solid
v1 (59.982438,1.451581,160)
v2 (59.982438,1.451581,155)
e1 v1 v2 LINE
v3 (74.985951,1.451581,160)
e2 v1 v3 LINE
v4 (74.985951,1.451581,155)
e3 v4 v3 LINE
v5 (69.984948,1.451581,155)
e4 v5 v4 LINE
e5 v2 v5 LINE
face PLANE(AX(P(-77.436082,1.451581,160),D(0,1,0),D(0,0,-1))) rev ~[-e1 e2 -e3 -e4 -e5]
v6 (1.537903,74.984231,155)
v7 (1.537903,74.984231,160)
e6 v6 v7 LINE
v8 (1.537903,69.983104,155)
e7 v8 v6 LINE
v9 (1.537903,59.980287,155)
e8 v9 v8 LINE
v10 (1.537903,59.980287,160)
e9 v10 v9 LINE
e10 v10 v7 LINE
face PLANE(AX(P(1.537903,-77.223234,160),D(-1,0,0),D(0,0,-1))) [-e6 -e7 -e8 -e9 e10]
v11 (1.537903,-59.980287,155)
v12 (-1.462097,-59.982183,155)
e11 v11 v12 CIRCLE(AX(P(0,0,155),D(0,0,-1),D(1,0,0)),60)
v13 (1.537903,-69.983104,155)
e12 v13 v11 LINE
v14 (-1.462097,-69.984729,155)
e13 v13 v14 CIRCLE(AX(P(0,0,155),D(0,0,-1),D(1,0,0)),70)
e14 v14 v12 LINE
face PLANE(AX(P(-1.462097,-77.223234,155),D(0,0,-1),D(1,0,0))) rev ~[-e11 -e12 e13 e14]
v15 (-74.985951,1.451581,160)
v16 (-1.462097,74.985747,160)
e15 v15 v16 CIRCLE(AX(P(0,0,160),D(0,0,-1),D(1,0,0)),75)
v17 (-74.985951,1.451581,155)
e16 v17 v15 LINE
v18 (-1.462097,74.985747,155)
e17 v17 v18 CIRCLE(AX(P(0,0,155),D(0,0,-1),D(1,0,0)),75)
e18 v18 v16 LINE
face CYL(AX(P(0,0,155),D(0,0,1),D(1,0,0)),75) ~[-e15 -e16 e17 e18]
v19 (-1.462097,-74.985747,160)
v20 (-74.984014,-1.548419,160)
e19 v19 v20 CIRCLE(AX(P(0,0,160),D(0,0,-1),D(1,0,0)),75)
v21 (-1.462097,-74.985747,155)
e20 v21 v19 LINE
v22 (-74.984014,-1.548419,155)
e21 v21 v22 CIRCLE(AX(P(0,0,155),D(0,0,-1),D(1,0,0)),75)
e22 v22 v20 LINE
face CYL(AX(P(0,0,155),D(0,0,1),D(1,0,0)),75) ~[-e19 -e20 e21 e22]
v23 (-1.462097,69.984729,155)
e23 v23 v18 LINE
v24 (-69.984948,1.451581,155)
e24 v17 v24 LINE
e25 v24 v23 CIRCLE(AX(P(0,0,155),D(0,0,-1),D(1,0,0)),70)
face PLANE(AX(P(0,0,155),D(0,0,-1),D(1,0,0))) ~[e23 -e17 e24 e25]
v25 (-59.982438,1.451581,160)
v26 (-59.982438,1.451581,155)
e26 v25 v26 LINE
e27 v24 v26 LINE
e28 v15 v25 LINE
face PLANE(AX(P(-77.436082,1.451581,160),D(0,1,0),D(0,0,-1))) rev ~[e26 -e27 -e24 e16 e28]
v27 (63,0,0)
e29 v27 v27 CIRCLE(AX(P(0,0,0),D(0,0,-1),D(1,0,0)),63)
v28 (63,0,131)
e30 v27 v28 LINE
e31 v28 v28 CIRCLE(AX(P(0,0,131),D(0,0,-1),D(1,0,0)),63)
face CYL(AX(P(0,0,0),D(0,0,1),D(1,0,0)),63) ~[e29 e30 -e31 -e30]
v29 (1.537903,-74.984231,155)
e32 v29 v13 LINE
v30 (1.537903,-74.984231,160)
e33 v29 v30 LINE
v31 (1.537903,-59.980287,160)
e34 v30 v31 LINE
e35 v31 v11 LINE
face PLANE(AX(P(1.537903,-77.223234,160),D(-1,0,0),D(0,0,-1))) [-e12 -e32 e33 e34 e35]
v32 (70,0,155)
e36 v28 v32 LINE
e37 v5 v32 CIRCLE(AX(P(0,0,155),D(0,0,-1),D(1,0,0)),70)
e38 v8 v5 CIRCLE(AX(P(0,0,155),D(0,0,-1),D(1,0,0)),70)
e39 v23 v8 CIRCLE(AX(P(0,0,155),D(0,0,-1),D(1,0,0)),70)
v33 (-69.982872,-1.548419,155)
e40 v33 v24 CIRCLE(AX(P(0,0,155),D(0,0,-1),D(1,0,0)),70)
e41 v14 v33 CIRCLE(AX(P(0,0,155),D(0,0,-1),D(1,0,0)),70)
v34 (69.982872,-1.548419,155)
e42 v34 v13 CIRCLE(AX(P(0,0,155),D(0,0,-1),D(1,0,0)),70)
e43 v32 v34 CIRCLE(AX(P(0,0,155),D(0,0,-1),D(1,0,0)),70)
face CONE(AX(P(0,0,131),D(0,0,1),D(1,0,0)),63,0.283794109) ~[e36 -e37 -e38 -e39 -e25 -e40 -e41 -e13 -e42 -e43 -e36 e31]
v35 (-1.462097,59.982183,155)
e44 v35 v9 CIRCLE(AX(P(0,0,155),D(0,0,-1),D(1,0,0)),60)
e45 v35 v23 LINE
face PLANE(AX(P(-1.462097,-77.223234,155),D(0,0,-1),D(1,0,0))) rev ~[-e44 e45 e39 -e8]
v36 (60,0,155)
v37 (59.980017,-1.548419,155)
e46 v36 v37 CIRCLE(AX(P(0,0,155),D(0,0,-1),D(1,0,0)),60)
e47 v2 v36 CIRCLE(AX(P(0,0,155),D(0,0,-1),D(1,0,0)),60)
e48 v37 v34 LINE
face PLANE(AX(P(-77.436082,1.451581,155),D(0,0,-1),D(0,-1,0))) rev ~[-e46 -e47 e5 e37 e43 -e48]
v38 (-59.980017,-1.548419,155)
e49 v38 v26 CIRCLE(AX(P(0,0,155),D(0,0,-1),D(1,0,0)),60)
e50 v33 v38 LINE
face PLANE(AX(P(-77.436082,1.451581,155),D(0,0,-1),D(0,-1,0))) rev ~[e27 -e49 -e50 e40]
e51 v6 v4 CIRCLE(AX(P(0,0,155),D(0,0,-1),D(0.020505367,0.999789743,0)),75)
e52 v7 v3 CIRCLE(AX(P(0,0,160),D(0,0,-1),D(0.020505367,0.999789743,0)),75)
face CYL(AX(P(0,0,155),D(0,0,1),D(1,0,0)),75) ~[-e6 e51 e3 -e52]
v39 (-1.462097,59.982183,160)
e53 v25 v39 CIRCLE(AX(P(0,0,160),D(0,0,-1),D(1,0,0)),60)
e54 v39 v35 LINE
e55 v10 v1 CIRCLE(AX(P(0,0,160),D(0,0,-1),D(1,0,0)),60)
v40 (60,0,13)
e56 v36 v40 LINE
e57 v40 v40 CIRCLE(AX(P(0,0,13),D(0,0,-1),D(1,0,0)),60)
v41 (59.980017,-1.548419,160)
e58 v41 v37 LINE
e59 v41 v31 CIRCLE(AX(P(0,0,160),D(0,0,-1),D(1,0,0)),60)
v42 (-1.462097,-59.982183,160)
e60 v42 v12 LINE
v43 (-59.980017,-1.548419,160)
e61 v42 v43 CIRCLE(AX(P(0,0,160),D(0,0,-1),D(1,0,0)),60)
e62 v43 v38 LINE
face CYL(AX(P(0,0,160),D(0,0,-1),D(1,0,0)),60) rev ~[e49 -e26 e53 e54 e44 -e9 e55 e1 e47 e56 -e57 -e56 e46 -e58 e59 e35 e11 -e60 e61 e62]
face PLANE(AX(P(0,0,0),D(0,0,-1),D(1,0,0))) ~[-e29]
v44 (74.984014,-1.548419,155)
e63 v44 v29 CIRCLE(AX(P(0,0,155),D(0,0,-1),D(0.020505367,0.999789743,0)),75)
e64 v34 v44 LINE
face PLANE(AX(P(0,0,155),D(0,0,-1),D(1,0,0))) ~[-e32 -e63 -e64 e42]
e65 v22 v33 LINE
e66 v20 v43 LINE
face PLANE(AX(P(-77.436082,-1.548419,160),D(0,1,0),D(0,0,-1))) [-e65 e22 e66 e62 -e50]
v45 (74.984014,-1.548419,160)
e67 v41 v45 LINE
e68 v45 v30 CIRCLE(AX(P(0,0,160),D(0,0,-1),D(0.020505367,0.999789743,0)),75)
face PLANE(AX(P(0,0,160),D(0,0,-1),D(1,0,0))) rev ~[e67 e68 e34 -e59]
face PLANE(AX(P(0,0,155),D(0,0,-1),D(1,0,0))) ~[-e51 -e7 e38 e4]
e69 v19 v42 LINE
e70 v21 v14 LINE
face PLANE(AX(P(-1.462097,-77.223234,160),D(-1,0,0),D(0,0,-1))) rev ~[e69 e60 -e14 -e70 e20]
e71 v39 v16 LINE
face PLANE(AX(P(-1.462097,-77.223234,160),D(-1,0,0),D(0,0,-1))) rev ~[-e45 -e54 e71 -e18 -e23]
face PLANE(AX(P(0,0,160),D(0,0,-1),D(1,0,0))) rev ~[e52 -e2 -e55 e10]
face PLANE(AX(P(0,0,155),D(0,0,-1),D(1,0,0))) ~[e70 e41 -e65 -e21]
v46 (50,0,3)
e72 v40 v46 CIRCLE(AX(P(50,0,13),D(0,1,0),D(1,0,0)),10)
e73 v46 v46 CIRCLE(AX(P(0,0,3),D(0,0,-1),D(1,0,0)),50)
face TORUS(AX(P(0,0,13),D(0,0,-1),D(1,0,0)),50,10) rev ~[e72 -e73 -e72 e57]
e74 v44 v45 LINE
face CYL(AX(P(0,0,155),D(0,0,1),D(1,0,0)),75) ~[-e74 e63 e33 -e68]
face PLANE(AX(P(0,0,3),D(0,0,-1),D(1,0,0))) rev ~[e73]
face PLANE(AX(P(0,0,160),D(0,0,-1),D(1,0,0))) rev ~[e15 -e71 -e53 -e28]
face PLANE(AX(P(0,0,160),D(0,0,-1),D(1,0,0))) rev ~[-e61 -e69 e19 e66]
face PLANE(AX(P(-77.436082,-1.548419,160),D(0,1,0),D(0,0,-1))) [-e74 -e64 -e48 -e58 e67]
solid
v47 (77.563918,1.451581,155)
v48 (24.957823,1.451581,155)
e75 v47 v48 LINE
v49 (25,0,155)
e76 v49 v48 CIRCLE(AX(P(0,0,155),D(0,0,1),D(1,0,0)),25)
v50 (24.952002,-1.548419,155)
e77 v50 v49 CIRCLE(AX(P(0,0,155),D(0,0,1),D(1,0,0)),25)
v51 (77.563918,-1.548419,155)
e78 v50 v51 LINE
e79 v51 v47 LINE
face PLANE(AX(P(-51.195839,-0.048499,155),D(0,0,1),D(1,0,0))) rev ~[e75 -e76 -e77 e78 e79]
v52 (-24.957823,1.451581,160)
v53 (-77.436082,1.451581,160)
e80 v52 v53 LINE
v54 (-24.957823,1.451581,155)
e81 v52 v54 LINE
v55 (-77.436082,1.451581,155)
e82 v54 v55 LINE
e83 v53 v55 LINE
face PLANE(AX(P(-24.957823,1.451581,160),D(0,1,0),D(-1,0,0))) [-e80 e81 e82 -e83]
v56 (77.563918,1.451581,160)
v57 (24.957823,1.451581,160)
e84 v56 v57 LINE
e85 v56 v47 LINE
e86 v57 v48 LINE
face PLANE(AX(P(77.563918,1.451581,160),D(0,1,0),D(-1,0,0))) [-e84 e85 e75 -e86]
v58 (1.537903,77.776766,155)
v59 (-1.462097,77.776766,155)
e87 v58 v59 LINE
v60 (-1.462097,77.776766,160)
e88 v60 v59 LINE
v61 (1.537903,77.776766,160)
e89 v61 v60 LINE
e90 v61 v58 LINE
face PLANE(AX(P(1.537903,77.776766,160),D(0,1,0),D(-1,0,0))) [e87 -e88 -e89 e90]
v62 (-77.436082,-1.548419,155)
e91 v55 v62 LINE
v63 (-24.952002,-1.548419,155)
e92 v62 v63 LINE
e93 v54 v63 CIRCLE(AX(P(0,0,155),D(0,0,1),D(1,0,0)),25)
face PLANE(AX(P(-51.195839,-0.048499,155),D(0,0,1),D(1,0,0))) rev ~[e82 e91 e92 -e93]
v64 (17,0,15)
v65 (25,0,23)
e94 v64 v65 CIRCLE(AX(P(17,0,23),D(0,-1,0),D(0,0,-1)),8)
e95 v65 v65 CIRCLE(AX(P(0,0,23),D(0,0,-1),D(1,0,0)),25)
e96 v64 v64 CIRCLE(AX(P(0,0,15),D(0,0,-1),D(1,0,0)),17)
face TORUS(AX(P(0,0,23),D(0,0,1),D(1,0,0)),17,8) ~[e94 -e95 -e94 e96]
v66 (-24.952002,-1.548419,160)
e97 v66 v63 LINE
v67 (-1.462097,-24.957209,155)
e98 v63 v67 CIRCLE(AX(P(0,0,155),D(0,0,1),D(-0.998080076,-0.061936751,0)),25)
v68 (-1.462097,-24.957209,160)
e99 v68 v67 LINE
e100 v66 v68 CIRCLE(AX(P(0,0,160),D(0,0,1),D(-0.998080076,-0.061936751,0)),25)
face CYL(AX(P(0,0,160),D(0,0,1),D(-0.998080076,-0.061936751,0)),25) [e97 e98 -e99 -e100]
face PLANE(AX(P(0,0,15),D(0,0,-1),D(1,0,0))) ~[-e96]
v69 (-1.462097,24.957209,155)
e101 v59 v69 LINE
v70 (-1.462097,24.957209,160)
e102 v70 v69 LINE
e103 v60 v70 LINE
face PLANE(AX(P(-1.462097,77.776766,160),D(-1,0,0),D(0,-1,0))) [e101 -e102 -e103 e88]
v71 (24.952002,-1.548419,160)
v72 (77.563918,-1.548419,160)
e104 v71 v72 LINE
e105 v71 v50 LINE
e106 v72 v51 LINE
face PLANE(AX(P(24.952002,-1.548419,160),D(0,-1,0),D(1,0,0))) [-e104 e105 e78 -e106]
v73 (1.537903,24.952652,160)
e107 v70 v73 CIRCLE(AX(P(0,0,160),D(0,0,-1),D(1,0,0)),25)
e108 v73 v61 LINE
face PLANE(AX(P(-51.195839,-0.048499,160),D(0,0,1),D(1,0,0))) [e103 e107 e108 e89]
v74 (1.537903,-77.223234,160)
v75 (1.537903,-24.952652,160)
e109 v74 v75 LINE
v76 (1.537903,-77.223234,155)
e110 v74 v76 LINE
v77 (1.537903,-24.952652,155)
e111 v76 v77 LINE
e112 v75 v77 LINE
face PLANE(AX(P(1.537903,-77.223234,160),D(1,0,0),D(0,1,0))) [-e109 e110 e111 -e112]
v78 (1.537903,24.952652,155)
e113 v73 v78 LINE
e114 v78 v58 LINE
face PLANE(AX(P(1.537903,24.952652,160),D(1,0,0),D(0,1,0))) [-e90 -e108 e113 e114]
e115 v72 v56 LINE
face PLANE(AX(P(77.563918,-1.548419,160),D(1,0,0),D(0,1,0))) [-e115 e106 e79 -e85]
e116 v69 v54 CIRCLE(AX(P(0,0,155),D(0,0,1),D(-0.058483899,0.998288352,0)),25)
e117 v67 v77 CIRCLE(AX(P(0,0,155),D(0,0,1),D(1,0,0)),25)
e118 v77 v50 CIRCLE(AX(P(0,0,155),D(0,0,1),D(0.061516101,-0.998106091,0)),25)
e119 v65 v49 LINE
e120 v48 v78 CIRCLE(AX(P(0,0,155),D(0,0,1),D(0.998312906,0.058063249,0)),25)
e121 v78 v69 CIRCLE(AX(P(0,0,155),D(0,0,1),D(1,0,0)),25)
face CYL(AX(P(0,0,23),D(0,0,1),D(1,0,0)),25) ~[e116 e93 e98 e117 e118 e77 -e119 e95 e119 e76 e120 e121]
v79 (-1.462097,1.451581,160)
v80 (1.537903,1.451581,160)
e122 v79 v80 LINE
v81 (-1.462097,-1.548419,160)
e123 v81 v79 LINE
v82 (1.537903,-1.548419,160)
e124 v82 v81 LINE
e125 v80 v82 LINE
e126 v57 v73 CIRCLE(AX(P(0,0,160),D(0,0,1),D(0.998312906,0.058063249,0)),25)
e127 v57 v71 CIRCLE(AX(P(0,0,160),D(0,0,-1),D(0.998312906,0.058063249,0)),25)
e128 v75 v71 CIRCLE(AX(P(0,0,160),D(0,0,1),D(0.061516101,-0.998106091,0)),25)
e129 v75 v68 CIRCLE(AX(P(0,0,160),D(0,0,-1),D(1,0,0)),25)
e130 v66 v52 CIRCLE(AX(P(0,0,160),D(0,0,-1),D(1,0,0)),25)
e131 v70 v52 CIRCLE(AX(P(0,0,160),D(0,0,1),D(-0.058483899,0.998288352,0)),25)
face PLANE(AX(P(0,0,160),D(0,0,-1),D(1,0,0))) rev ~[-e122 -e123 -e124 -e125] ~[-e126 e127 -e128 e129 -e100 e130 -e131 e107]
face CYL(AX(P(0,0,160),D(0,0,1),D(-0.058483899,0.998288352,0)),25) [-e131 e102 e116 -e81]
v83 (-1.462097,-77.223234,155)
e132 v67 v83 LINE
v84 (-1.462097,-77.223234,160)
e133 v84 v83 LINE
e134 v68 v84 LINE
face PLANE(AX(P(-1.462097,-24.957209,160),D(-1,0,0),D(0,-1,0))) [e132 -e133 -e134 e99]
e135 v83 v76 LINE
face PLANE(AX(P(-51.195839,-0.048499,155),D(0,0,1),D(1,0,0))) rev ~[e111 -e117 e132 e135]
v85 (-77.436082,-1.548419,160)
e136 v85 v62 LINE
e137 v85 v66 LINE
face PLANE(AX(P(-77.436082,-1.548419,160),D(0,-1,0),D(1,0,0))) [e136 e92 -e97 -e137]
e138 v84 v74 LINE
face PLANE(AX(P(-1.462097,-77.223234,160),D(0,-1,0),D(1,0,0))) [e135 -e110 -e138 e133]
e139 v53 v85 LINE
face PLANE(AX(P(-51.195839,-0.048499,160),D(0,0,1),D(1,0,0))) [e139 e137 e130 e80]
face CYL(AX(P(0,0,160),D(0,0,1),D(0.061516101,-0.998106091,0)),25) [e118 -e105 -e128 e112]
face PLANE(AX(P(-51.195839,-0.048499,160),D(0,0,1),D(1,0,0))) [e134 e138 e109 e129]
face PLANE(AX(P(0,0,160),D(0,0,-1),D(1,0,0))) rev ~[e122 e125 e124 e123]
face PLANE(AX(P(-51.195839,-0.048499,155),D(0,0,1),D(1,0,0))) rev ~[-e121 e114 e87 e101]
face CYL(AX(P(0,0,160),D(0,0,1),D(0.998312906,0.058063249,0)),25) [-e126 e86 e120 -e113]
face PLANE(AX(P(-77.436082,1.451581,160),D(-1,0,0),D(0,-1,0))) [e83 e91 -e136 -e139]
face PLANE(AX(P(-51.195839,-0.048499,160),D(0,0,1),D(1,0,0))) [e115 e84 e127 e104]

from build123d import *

# Parameters (mm, degrees)
F4_DEPTH = 5
F7_DEPTH = 155.001
F8_DEPTH = 155.001


with BuildPart() as f1:
    # F0 (on Front) → F1 (revolve)
    with BuildSketch(Plane.XZ):
        with BuildLine():
            Line((0, 160), (0, 15))
            Line((0, 15), (17, 15))
            ThreePointArc((17, 15), (22.6568542495, 17.3431457505), (25, 23))
            Line((25, 23), (25, 160))
            Line((25, 160), (0, 160))
        make_face()
    revolve(axis=Axis((0, 0, 87.5), (0, 0, -1)))

    # F3 (on offset) → F4 (join)
    with BuildSketch(Plane.XY.offset(160)):
        with BuildLine():
            Line((-77.4360820651, 1.4515812248), (-77.4360820651, -1.5484187752))
            Line((-77.4360820651, -1.5484187752), (-24.9520019096, -1.5484187752))
            ThreePointArc((-24.9520019096, -1.5484187752), (-24.999952943, -0.0485061653), (-24.9578226604, 1.4515812248))
            Line((-24.9578226604, 1.4515812248), (-77.4360820651, 1.4515812248))
        make_face()
        with BuildLine():
            ThreePointArc((-24.9578226604, 1.4515812248), (-24.999952943, -0.0485061653), (-24.9520019096, -1.5484187752))
            Line((-24.9520019096, -1.5484187752), (-1.4620974865, -1.5484187752))
            Line((-1.4620974865, -1.5484187752), (-1.4620974865, 1.4515812248))
            Line((-1.4620974865, 1.4515812248), (-24.9578226604, 1.4515812248))
        make_face()
        with BuildLine():
            Line((-1.4620974865, -1.5484187752), (-24.9520019096, -1.5484187752))
            ThreePointArc((-24.9520019096, -1.5484187752), (-17.6470684335, -17.7082177449), (-1.4620974865, -24.9572087971))
            Line((-1.4620974865, -24.9572087971), (-1.4620974865, -1.5484187752))
        make_face()
        with BuildLine():
            Line((1.5379025135, -1.5484187752), (-1.4620974865, -1.5484187752))
            Line((-1.4620974865, -1.5484187752), (-1.4620974865, -24.9572087971))
            ThreePointArc((-1.4620974865, -24.9572087971), (0.037970923, -24.9999711642), (1.5379025135, -24.952652281))
            Line((1.5379025135, -24.952652281), (1.5379025135, -1.5484187752))
        make_face()
        with BuildLine():
            ThreePointArc((-1.4620974865, 24.9572087971), (-17.6813935263, 17.6739447483), (-24.9578226604, 1.4515812248))
            Line((-24.9578226604, 1.4515812248), (-1.4620974865, 1.4515812248))
            Line((-1.4620974865, 1.4515812248), (-1.4620974865, 24.9572087971))
        make_face()
        with BuildLine():
            ThreePointArc((1.5379025135, -24.952652281), (0.037970923, -24.9999711642), (-1.4620974865, -24.9572087971))
            Line((-1.4620974865, -24.9572087971), (-1.4620974865, -77.2232338786))
            Line((-1.4620974865, -77.2232338786), (1.5379025135, -77.2232338786))
            Line((1.5379025135, -77.2232338786), (1.5379025135, -24.952652281))
        make_face()
        with BuildLine():
            Line((1.5379025135, 1.4515812248), (1.5379025135, -1.5484187752))
            Line((1.5379025135, -1.5484187752), (24.9520019096, -1.5484187752))
            ThreePointArc((24.9520019096, -1.5484187752), (24.9879975962, -0.7745812611), (25, 0))
            ThreePointArc((25, 0), (24.9894534405, 0.7260969254), (24.9578226604, 1.4515812248))
            Line((24.9578226604, 1.4515812248), (1.5379025135, 1.4515812248))
        make_face()
        with BuildLine():
            Line((24.9520019096, -1.5484187752), (1.5379025135, -1.5484187752))
            Line((1.5379025135, -1.5484187752), (1.5379025135, -24.952652281))
            ThreePointArc((1.5379025135, -24.952652281), (17.6739439737, -17.6813943006), (24.9520019096, -1.5484187752))
        make_face()
        with BuildLine():
            Line((-1.4620974865, 24.9572087971), (-1.4620974865, 1.4515812248))
            Line((-1.4620974865, 1.4515812248), (1.5379025135, 1.4515812248))
            Line((1.5379025135, 1.4515812248), (1.5379025135, 24.952652281))
            ThreePointArc((1.5379025135, 24.952652281), (0.037970923, 24.9999711642), (-1.4620974865, 24.9572087971))
        make_face()
        with BuildLine():
            Line((-1.4620974865, 77.7767661214), (-1.4620974865, 24.9572087971))
            ThreePointArc((-1.4620974865, 24.9572087971), (0.037970923, 24.9999711642), (1.5379025135, 24.952652281))
            Line((1.5379025135, 24.952652281), (1.5379025135, 77.7767661214))
            Line((1.5379025135, 77.7767661214), (-1.4620974865, 77.7767661214))
        make_face()
        with BuildLine():
            ThreePointArc((25, 0), (24.9879975962, -0.7745812611), (24.9520019096, -1.5484187752))
            Line((24.9520019096, -1.5484187752), (77.5639179349, -1.5484187752))
            Line((77.5639179349, -1.5484187752), (77.5639179349, 1.4515812248))
            Line((77.5639179349, 1.4515812248), (24.9578226604, 1.4515812248))
            ThreePointArc((24.9578226604, 1.4515812248), (24.9894534405, 0.7260969254), (25, 0))
        make_face()
        with BuildLine():
            Line((1.5379025135, 24.952652281), (1.5379025135, 1.4515812248))
            Line((1.5379025135, 1.4515812248), (24.9578226604, 1.4515812248))
            ThreePointArc((24.9578226604, 1.4515812248), (17.7082169718, 17.6470692093), (1.5379025135, 24.952652281))
        make_face()
    extrude(amount=-F4_DEPTH)


with BuildPart() as f6:
    # F5 (on Front) → F6 (revolve)
    with BuildSketch(Plane.XZ):
        with BuildLine():
            Line((0, 3), (0, 0))
            Line((0, 0), (63, 0))
            Line((63, 0), (63, 131))
            Line((63, 131), (70, 155))
            Line((70, 155), (75, 155))
            Line((75, 155), (75, 160))
            Line((75, 160), (60, 160))
            Line((60, 160), (60, 13))
            ThreePointArc((60, 13), (57.0710678119, 5.9289321881), (50, 3))
            Line((50, 3), (0, 3))
        make_face()
    revolve(axis=Axis((0, 0, 1.5), (0, 0, -1)))

    # F7 (cut, through all): a face of the model
    f7_faces = [f1.part.faces().sort_by_distance(p)[0] for p in [
        (0.0379025135, -77.2232338786, 157.5),
    ]]
    extrude(f7_faces, amount=-F7_DEPTH, mode=Mode.SUBTRACT)

    # F8 (cut, through all): a face of the model
    f8_faces = [f1.part.faces().sort_by_distance(p)[0] for p in [
        (-77.4360820651, -0.0484187752, 157.5),
    ]]
    extrude(f8_faces, amount=-F8_DEPTH, mode=Mode.SUBTRACT)


solid = Compound([f1.part, f6.part])
